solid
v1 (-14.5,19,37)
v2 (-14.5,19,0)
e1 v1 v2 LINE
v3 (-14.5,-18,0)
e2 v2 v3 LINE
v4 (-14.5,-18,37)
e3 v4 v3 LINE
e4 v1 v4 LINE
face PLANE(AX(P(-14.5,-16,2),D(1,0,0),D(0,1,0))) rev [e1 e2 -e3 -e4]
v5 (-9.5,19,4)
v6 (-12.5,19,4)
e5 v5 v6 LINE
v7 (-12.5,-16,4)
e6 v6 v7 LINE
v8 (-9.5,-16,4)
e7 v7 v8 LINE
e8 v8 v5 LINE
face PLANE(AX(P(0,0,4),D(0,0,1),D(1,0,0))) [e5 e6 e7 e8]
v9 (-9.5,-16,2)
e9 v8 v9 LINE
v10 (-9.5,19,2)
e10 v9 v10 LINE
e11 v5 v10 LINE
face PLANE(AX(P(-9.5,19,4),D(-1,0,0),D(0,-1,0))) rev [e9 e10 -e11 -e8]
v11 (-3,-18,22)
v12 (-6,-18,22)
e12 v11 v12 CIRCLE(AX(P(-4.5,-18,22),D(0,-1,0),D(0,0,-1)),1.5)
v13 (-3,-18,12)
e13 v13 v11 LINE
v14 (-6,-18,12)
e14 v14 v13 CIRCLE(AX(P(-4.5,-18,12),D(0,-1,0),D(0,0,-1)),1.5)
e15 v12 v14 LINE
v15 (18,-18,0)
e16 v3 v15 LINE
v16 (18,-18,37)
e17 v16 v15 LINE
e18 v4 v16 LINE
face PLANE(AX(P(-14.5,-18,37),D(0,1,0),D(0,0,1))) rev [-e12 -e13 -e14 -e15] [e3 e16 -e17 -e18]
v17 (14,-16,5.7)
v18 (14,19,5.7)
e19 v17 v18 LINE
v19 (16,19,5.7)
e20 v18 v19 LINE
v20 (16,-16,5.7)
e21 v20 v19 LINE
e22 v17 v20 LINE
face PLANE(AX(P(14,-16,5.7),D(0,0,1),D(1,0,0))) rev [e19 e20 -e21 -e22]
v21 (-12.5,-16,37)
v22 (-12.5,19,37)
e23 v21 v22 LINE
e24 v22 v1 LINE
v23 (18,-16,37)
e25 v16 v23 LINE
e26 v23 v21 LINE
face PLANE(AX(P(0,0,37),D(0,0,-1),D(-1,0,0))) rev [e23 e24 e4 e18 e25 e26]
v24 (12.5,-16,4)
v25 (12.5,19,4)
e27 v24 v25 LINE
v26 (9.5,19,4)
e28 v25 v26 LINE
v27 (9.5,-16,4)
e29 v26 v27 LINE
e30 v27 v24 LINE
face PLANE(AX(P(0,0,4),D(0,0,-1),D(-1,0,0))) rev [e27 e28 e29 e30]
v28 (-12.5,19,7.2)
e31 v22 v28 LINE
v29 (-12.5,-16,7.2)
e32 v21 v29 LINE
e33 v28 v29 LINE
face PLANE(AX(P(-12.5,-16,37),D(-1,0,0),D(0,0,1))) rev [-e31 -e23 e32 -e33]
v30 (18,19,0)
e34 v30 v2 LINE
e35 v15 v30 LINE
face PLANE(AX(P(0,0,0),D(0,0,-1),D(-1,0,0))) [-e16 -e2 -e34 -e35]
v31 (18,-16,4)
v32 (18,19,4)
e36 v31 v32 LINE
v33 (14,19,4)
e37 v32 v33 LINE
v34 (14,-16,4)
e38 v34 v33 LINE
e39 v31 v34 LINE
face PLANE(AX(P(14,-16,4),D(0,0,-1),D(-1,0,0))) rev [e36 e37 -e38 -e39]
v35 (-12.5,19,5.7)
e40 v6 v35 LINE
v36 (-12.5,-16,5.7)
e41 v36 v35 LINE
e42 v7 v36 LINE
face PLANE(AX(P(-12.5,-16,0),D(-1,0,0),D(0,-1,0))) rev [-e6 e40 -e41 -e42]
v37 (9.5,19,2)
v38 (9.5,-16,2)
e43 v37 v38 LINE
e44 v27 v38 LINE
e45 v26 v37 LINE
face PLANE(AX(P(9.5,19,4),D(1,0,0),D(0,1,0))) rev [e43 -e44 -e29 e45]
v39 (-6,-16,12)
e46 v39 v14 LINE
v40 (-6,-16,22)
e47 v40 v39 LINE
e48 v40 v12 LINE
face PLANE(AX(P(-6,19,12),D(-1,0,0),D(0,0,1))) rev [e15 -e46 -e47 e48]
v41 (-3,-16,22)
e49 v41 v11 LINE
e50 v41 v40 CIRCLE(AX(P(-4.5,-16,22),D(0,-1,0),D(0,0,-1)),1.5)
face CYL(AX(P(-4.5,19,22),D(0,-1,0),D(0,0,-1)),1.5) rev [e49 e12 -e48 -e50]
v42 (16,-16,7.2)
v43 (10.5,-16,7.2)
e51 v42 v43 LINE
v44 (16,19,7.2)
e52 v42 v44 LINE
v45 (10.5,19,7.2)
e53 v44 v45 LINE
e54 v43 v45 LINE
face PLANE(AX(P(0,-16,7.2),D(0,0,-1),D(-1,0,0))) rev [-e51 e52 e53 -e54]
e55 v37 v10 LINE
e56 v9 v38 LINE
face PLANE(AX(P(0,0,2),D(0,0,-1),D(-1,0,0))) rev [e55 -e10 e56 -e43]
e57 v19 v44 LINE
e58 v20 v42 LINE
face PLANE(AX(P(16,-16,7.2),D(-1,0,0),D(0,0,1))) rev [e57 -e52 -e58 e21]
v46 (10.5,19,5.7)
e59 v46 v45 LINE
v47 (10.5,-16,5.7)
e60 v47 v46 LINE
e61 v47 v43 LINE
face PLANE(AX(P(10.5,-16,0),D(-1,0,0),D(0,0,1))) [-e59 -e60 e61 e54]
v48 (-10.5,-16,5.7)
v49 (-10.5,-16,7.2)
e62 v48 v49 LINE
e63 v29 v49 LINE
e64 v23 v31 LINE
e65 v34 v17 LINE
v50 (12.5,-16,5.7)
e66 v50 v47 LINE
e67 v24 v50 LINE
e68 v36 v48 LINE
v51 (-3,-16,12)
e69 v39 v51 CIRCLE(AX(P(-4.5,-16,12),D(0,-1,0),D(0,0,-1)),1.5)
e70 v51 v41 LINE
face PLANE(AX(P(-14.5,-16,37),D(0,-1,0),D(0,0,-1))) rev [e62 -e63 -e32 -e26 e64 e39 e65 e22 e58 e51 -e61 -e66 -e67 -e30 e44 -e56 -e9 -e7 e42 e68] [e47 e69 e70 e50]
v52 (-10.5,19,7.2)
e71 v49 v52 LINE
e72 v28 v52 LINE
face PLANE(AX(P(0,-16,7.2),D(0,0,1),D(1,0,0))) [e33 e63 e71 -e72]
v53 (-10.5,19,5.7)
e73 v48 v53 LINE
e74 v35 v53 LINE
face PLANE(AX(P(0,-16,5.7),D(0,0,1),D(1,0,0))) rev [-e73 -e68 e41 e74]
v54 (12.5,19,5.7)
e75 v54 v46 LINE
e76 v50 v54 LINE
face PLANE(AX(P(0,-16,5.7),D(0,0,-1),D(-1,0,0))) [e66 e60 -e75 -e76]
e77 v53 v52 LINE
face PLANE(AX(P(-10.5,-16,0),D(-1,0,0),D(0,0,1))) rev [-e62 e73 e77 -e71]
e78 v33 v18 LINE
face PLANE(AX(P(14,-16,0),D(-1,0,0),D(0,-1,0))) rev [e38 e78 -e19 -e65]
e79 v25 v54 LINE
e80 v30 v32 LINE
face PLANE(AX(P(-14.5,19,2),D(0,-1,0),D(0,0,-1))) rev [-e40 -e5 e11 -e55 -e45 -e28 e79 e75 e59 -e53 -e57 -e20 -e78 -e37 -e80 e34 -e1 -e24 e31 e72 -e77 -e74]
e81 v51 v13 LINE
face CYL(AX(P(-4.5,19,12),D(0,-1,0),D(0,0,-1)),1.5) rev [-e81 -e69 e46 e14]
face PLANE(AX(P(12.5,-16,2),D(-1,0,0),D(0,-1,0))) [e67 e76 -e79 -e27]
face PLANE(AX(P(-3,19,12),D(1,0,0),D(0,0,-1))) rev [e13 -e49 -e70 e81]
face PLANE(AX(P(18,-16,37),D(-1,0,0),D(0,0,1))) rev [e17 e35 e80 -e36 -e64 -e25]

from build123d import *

# Parameters (mm, degrees)
SKETCH1_W           = 29
SKETCH1_H           = 35
BOSS_EXTRUDE1_DEPTH = 2
SKETCH4_W           = 3
SKETCH4_H           = 35
BOSS_EXTRUDE3_DEPTH = 2
SKETCH5_W           = 3.5
SKETCH5_H           = 1.5
SKETCH5_W_2         = 1.5
SKETCH5_H_2         = 3.7
BOSS_EXTRUDE4_DEPTH = 35
SKETCH6_W           = 2
SKETCH6_H           = 35
BOSS_EXTRUDE5_DEPTH = 35
SKETCH7_W           = 32.5
SKETCH7_H           = 2
BOSS_EXTRUDE6_DEPTH = 37
CUT_EXTRUDE1_DEPTH  = 38
SKETCH11_W          = 2
SKETCH11_H          = 1.5
SKETCH11_W_2        = 3
SKETCH11_H_2        = 2
BOSS_EXTRUDE7_DEPTH = 35
SKETCH12_W          = 3.5
SKETCH12_H          = 2
SKETCH12_W_2        = 1
BOSS_EXTRUDE8_DEPTH = 35


with BuildPart() as part:
    # Sketch1 → Boss-Extrude1 (new body)
    with BuildSketch(Plane.XY):
        with Locations((0, 1.5)):
            Rectangle(SKETCH1_W, SKETCH1_H)
    extrude(amount=BOSS_EXTRUDE1_DEPTH)

    # Sketch4 → Boss-Extrude3 (add)
    with BuildSketch(Plane.XY.offset(2)):
        with Locations((-11, 1.5)):
            Rectangle(SKETCH4_W, SKETCH4_H)
        with Locations((11, 1.5)):
            Rectangle(SKETCH4_W, SKETCH4_H)
    extrude(amount=BOSS_EXTRUDE3_DEPTH)

    # Sketch5 → Boss-Extrude4 (add, through all)
    with BuildSketch(Plane(origin=(0, 19, 0), x_dir=(1, 0, 0), z_dir=(0, 1, 0))):
        Polygon((-12.5, -5.7), (-14, -5.7), (-14, -7.2), (-10.5, -7.2), (-10.5, -5.7), align=None)
        Polygon((-12.5, -4), (-12.5, -2), (-14, -2), (-14, -5.7), (-12.5, -5.7), align=None)
        with Locations((12.25, -6.45)):
            Rectangle(SKETCH5_W, SKETCH5_H)
        with Locations((13.25, -3.85)):
            Rectangle(SKETCH5_W_2, SKETCH5_H_2)
    extrude(amount=-BOSS_EXTRUDE4_DEPTH)

    # Sketch6 → Boss-Extrude5 (add)
    with BuildSketch(Plane.XY.offset(2)):
        with Locations((-13.5, 1.5)):
            Rectangle(SKETCH6_W, SKETCH6_H)
    extrude(amount=BOSS_EXTRUDE5_DEPTH)

    # Sketch7 → Boss-Extrude6 (add)
    with BuildSketch(Plane.XY):
        with Locations((1.75, -17)):
            Rectangle(SKETCH7_W, SKETCH7_H)
    extrude(amount=BOSS_EXTRUDE6_DEPTH)

    # Sketch8 → Cut-Extrude1 (cut, through all)
    with BuildSketch(Plane(origin=(0, -18, 0), x_dir=(-1, 0, 0), z_dir=(0, -1, 0))):
        with BuildLine():
            Line((6, -12), (6, -22))
            ThreePointArc((6, -22), (4.5, -23.5), (3, -22))
            Line((3, -22), (3, -12))
            ThreePointArc((3, -12), (4.5, -10.5), (6, -12))
        make_face()
    extrude(amount=-CUT_EXTRUDE1_DEPTH, mode=Mode.SUBTRACT)

    # Sketch11 → Boss-Extrude7 (add)
    with BuildSketch(Plane(origin=(0, 19, 0), x_dir=(-1, 0, 0), z_dir=(0, -1, 0))):
        with Locations((-15, -6.45)):
            Rectangle(SKETCH11_W, SKETCH11_H)
        with Locations((-15.5, -3)):
            Rectangle(SKETCH11_W_2, SKETCH11_H_2)
    extrude(amount=BOSS_EXTRUDE7_DEPTH)

    # Sketch12 → Boss-Extrude8 (add)
    with BuildSketch(Plane(origin=(0, 19, 0), x_dir=(-1, 0, 0), z_dir=(0, -1, 0))):
        with Locations((-16.25, -1)):
            Rectangle(SKETCH12_W, SKETCH12_H)
        with Locations((-17.5, -3)):
            Rectangle(SKETCH12_W_2, SKETCH12_H)
    extrude(amount=BOSS_EXTRUDE8_DEPTH)


solid = part.part
